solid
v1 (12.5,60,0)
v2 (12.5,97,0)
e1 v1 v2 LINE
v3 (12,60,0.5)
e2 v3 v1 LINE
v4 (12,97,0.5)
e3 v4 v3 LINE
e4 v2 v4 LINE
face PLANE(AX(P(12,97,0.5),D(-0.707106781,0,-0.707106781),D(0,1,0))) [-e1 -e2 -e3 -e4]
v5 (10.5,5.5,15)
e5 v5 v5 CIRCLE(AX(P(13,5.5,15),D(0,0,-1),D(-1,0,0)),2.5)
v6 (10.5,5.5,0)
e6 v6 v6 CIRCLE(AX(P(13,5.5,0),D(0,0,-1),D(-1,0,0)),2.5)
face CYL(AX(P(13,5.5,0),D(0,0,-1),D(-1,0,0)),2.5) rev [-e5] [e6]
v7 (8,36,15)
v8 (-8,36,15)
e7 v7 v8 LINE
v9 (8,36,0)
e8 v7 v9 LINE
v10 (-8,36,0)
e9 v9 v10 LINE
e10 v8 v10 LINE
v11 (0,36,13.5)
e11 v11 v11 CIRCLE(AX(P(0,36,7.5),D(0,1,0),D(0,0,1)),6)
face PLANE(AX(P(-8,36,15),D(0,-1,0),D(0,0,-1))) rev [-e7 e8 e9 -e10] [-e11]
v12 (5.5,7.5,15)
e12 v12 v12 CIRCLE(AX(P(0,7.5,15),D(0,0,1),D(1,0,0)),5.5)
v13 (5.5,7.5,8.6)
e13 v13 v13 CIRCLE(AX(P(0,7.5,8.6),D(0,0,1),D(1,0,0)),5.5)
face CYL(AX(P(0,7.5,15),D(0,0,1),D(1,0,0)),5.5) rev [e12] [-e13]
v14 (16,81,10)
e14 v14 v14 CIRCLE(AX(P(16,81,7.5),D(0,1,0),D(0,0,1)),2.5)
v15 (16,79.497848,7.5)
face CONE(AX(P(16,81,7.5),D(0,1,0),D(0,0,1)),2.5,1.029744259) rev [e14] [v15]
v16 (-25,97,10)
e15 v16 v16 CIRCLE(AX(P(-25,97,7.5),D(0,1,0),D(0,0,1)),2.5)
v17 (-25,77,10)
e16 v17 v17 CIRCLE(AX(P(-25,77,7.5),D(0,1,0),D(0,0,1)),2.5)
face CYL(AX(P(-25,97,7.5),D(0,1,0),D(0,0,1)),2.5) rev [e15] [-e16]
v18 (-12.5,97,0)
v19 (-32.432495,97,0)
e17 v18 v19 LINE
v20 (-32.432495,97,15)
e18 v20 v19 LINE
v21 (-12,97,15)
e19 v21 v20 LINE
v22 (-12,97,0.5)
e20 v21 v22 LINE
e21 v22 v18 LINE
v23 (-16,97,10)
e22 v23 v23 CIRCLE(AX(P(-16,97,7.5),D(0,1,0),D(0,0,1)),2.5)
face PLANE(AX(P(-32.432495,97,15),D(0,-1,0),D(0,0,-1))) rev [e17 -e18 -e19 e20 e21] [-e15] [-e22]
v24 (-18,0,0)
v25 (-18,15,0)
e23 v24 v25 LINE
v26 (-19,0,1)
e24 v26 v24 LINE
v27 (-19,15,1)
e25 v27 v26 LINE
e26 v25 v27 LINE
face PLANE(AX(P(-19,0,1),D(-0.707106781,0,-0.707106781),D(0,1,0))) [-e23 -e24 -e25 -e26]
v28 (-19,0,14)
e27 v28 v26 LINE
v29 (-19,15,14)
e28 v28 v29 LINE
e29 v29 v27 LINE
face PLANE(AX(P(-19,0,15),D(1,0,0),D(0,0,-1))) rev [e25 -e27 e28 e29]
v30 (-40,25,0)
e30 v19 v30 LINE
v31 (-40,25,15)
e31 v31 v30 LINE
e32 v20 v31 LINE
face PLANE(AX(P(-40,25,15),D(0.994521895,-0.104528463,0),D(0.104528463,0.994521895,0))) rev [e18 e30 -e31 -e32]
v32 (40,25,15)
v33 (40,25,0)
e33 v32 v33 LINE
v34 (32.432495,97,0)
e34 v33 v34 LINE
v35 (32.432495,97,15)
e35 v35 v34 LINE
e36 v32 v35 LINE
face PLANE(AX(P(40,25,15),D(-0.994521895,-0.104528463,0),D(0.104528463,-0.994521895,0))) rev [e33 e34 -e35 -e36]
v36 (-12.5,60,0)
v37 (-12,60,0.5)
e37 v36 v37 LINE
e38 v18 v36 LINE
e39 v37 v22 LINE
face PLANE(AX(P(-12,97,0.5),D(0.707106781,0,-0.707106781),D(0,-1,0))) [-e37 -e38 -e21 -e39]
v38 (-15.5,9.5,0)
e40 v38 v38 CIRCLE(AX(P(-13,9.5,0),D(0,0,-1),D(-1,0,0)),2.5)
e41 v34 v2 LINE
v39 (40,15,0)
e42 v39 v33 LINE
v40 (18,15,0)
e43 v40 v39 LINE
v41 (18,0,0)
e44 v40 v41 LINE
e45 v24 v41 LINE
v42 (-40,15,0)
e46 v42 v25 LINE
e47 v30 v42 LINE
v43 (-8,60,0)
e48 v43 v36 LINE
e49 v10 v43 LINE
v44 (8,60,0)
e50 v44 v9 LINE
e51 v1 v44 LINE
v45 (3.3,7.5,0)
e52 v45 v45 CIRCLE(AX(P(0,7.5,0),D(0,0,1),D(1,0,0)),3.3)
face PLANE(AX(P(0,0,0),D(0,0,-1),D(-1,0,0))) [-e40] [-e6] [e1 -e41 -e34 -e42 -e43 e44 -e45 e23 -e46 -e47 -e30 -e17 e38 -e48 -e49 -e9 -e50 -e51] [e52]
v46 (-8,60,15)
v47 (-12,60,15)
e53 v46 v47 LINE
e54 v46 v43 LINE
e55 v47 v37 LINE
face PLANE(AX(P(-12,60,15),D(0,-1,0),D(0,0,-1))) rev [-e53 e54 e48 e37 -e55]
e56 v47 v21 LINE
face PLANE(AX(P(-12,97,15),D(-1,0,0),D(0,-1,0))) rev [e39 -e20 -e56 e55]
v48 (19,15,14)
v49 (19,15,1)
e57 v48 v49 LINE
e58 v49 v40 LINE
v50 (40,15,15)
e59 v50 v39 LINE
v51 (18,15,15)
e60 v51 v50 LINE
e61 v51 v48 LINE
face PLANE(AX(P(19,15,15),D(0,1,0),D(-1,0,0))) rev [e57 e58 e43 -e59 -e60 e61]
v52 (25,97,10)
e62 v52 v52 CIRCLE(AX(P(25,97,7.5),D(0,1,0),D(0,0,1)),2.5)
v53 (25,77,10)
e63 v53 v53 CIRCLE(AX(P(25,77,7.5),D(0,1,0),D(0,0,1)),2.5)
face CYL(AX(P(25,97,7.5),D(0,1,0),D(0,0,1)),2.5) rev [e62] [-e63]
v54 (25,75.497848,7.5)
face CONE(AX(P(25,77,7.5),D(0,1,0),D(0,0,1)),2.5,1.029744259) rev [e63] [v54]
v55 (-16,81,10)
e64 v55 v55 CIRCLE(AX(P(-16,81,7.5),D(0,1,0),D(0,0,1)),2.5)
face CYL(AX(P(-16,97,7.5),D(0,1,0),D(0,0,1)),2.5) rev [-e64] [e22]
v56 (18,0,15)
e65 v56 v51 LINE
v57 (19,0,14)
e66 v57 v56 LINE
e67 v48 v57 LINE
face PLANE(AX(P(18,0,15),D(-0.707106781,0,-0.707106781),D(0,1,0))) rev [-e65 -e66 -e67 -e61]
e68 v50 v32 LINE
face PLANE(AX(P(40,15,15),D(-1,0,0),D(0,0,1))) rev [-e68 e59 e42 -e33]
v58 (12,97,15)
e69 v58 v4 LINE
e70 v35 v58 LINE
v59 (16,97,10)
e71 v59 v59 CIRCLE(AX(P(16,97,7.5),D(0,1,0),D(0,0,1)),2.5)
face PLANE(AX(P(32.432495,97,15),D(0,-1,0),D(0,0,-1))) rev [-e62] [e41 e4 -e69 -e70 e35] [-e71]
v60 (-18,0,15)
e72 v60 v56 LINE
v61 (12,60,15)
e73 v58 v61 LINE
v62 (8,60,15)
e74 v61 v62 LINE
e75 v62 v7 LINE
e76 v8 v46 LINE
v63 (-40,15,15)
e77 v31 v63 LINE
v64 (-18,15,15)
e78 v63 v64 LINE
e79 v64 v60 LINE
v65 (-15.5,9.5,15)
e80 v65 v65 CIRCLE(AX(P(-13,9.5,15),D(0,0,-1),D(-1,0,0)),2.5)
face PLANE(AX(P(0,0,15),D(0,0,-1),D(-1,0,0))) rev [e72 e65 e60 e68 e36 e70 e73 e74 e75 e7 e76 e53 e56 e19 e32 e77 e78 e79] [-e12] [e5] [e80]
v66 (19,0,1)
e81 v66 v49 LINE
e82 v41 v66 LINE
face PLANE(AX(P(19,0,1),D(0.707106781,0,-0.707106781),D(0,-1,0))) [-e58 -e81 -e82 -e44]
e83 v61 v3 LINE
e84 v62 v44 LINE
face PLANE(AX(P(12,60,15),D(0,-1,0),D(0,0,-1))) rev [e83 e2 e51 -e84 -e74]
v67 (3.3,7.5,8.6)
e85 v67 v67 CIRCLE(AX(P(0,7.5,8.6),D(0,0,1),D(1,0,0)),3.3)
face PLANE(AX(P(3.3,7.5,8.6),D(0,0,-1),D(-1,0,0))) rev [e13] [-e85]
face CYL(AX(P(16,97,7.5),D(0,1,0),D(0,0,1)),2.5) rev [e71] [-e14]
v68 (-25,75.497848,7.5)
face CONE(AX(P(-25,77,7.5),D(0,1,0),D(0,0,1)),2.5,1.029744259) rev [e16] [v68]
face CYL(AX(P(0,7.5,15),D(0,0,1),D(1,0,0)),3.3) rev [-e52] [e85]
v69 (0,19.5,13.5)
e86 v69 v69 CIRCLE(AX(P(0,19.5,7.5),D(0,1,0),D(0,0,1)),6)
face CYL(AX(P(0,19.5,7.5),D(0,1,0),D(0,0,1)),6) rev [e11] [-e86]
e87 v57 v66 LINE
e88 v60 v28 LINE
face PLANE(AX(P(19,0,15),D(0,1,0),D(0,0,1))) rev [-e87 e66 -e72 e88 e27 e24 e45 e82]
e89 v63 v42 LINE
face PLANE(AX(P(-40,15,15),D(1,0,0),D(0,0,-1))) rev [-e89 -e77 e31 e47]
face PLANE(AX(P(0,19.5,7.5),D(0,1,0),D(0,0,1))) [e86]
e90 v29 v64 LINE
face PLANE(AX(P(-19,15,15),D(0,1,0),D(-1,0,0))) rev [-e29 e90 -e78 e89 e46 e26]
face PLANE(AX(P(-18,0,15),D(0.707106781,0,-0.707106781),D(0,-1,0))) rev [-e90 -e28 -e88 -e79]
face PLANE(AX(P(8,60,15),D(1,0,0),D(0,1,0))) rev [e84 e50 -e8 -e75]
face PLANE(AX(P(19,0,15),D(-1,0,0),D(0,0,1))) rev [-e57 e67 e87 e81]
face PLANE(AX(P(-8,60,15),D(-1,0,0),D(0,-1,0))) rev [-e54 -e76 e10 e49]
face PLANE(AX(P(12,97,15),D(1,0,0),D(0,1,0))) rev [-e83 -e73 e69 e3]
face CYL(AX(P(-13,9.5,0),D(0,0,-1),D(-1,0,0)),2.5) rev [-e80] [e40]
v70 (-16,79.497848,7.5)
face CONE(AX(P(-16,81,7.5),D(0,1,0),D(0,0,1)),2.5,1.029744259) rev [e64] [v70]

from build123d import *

# Parameters (mm, degrees)
ESTRUSIONE_ESTRUSIONE1_DEPTH                         = 15
FORO_5_0_5_1_D                                       = 5
FORO_5_0_5_1_DEPTH                                   = 16
FORO_5_0_5_1_TIP                                     = 1.502151548
FORO_FILETTATO_M6_1_D                                = 5
FORO_FILETTATO_M6_1_DEPTH                            = 20
FORO_FILETTATO_M6_1_TIP                              = 1.502151548
SCHIZZO7_R                                           = 6
TAGLIO_ESTRUSIONE1_DEPTH                             = 16.5
FORO_5_0_5_2_D                                       = 5
FORO_LAMATO_PER_VITE_M6_A_TESTA_CILINDRI_D           = 6.6
FORO_LAMATO_PER_VITE_M6_A_TESTA_CILINDRI_CBORE_D     = 11
FORO_LAMATO_PER_VITE_M6_A_TESTA_CILINDRI_CBORE_DEPTH = 6.4
SMUSSO1_SIZE                                         = 1
SMUSSO2_SIZE                                         = 0.5


with BuildPart() as part:
    # Schizzo1 → Estrusione-Estrusione1 (new body)
    with BuildSketch(Plane.XY):
        Polygon((19, 0), (-19, 0), (-19, 15), (-40, 15), (-40, 25), (-32.432495061, 97), (-12, 97), (-12, 60), (-8, 60), (-8, 36), (8, 36), (8, 60), (12, 60), (12, 97), (32.432495061, 97), (40, 25), (40, 15), (19, 15), align=None)
    extrude(amount=ESTRUSIONE_ESTRUSIONE1_DEPTH)

    # Foro Ø5.0 (5)-1
    with Locations(Plane(origin=(0, 97, 0), x_dir=(1, 0, 0), z_dir=(0, 1, 0))):
        with Locations((-16, -7.5), (16, -7.5)):
            Hole(FORO_5_0_5_1_D / 2, depth=FORO_5_0_5_1_DEPTH)
            with Locations((0, 0, -(FORO_5_0_5_1_DEPTH + FORO_5_0_5_1_TIP / 2))):  # 118° drill point
                Cone(0, FORO_5_0_5_1_D / 2, FORO_5_0_5_1_TIP, mode=Mode.SUBTRACT)

    # Foro filettato M6-1
    with Locations(Plane(origin=(0, 97, 0), x_dir=(1, 0, 0), z_dir=(0, 1, 0))):
        with Locations((-25, -7.5), (25, -7.5)):
            Hole(FORO_FILETTATO_M6_1_D / 2, depth=FORO_FILETTATO_M6_1_DEPTH)
            with Locations((0, 0, -(FORO_FILETTATO_M6_1_DEPTH + FORO_FILETTATO_M6_1_TIP / 2))):  # 118° drill point
                Cone(0, FORO_FILETTATO_M6_1_D / 2, FORO_FILETTATO_M6_1_TIP, mode=Mode.SUBTRACT)

    # Schizzo7 → Taglio-Estrusione1 (cut)
    with BuildSketch(Plane(origin=(0, 36, 0), x_dir=(1, 0, 0), z_dir=(0, 1, 0))):
        with Locations(Location((0, -7.5, 0), (0, 0, 270))):
            Circle(SCHIZZO7_R)
    extrude(amount=-TAGLIO_ESTRUSIONE1_DEPTH, mode=Mode.SUBTRACT)

    # Foro Ø5.0 (5)-2 (through all)
    with Locations(Plane(origin=(0, 0, 0), x_dir=(-1, 0, 0), z_dir=(0, 0, -1))):
        with Locations((-13, 5.5), (13, 9.5)):
            Hole(FORO_5_0_5_2_D / 2)

    # Foro lamato per Vite M6 a testa cilindrica-1 (through all)
    with Locations(Plane.XY.offset(15)):
        with Locations((0, 7.5)):
            CounterBoreHole(FORO_LAMATO_PER_VITE_M6_A_TESTA_CILINDRI_D / 2, FORO_LAMATO_PER_VITE_M6_A_TESTA_CILINDRI_CBORE_D / 2, FORO_LAMATO_PER_VITE_M6_A_TESTA_CILINDRI_CBORE_DEPTH)

    # Smusso1
    smusso1_edges = [part.edges().sort_by_distance(p)[0] for p in [
        (-19, 7.5, 15),
        (19, 7.5, 15),
        (19, 7.5, 0),
        (-19, 7.5, 0),
    ]]
    chamfer(smusso1_edges, length=SMUSSO1_SIZE)

    # Smusso2
    smusso2_edges = [part.edges().sort_by_distance(p)[0] for p in [
        (-12, 78.5, 0),
        (12, 78.5, 0),
    ]]
    chamfer(smusso2_edges, length=SMUSSO2_SIZE)


solid = part.part
